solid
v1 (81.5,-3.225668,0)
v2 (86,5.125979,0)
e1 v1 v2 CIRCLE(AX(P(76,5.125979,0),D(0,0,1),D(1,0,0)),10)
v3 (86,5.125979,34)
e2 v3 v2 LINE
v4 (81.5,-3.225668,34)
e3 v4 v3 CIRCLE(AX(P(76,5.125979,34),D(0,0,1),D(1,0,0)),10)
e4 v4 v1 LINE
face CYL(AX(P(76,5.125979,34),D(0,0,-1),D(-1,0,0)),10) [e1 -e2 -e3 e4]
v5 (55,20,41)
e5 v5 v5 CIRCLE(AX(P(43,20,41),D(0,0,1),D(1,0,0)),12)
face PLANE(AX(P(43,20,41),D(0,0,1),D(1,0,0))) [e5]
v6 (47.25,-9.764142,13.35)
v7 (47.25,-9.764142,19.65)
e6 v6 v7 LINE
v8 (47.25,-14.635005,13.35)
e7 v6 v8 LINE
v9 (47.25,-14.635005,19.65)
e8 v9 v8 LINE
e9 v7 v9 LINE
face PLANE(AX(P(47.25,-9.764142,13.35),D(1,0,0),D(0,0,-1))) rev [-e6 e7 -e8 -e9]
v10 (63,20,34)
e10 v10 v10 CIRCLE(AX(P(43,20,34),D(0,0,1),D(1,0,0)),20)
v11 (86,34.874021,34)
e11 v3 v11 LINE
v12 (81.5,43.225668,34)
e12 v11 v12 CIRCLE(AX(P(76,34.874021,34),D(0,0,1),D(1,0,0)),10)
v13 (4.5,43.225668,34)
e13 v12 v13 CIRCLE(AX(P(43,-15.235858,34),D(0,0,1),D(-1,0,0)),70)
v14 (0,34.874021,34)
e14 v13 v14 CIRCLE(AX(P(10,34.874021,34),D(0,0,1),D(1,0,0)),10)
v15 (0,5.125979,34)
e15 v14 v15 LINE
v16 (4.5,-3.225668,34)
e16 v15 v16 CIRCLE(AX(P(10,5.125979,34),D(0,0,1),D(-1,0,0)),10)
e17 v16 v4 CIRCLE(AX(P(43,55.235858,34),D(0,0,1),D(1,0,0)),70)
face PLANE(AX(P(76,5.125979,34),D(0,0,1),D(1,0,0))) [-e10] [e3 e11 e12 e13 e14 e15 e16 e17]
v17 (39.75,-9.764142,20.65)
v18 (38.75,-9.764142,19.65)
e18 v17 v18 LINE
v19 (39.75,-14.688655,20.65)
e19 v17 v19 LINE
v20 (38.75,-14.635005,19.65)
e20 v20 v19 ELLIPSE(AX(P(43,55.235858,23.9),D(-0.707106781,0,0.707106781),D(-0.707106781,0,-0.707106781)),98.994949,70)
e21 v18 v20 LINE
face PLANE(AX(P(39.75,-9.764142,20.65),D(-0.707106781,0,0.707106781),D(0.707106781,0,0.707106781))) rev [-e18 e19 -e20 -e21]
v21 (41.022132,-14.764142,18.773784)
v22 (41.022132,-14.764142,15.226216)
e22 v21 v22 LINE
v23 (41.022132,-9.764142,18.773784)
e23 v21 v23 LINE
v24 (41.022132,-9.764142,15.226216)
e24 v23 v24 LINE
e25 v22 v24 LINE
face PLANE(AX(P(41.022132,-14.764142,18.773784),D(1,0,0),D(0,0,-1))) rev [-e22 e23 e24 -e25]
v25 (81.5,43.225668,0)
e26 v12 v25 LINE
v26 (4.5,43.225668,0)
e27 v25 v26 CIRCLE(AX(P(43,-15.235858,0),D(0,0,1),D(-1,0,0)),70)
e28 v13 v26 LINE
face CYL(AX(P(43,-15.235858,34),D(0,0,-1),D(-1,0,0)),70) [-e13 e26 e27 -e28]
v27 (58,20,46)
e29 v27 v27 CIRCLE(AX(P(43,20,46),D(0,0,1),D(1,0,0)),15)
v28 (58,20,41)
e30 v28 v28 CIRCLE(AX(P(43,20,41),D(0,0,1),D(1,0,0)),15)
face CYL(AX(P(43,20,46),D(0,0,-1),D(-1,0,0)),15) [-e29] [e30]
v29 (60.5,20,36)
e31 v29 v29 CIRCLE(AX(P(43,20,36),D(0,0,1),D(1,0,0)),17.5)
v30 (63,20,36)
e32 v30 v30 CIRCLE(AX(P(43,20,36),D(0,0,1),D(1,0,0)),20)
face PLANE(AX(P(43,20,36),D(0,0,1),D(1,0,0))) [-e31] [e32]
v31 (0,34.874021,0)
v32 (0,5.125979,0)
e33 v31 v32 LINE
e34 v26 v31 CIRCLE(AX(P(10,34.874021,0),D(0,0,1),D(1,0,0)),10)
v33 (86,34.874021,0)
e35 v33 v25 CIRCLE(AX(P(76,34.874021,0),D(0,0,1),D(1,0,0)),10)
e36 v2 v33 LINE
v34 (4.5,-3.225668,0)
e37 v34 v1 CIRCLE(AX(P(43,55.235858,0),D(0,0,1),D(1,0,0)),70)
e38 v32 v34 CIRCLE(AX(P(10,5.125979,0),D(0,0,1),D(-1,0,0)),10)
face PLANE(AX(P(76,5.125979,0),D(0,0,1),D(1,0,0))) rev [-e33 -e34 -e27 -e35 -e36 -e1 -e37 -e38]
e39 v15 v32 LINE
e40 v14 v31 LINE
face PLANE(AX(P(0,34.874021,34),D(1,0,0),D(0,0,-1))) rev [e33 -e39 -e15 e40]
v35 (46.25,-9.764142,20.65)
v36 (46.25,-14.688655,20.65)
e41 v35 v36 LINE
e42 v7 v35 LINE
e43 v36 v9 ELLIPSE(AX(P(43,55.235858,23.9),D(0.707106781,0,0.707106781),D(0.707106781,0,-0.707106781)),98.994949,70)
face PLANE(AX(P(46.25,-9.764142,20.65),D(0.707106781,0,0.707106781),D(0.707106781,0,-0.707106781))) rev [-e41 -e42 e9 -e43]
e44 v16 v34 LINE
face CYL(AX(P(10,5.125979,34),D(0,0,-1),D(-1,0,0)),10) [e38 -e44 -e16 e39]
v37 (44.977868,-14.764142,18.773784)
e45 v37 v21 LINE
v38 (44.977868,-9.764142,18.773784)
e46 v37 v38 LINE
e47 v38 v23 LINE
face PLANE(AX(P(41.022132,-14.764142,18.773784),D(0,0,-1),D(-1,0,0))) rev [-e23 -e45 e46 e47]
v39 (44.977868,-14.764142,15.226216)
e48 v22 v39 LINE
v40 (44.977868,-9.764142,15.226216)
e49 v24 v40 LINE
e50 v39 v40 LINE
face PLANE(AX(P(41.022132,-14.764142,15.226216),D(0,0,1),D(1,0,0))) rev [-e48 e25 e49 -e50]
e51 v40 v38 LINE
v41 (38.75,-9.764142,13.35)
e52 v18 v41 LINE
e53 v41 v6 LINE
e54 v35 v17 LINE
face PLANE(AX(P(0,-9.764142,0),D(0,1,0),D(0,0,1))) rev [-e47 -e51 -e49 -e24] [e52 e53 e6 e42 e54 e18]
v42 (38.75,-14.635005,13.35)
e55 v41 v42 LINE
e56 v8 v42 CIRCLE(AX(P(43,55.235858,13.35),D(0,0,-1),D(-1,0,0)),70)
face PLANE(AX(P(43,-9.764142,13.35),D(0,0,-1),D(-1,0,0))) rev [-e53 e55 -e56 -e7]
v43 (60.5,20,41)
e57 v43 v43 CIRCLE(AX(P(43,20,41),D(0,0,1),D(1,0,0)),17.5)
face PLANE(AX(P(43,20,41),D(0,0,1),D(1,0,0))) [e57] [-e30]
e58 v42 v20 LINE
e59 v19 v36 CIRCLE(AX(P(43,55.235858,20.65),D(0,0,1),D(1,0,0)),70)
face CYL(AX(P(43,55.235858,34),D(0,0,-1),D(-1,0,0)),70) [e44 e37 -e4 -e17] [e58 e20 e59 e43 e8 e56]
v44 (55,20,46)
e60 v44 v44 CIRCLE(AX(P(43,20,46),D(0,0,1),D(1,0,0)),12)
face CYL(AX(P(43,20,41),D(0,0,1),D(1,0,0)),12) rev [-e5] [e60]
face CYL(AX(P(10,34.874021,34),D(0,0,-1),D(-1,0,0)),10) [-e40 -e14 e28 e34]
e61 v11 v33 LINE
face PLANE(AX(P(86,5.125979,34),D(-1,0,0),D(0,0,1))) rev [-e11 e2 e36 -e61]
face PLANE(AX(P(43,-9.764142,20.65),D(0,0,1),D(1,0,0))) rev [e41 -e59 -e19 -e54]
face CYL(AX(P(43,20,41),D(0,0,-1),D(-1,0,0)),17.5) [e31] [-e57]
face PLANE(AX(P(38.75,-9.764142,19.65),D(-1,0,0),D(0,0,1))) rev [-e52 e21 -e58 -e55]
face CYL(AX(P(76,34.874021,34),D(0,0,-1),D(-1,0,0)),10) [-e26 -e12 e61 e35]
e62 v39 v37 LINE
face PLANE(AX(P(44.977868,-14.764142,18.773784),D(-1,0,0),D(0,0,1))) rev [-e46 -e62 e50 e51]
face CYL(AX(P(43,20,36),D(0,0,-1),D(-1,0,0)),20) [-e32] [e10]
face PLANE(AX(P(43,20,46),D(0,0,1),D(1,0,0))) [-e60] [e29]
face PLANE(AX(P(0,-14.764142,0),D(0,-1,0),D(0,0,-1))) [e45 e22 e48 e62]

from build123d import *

# Parameters (mm, degrees)
BOSS_EXTRUDE1_DEPTH = 34
SKETCH2_R           = 20
BOSS_EXTRUDE2_DEPTH = 2
SKETCH3_R           = 17.5
BOSS_EXTRUDE3_DEPTH = 5
SKETCH4_R           = 15
BOSS_EXTRUDE4_DEPTH = 5
SKETCH5_R           = 12
CUT_EXTRUDE1_DEPTH  = 5
CUT_EXTRUDE2_DEPTH  = 5
SKETCH10_W          = 3.955735376
SKETCH10_H          = 3.547567536
BOSS_EXTRUDE5_DEPTH = 5


with BuildPart() as part:
    # Sketch1 → Boss-Extrude1 (new body)
    with BuildSketch(Plane.XY):
        with BuildLine():
            Line((86, 5.125978653), (86, 34.874021347))
            ThreePointArc((86, 34.874021347), (84.803408431, 39.617437837), (81.5, 43.225667891))
            ThreePointArc((81.5, 43.225667891), (43, 54.764142081), (4.5, 43.225667891))
            ThreePointArc((4.5, 43.225667891), (1.196591569, 39.617437837), (0, 34.874021347))
            Line((0, 34.874021347), (0, 5.125978653))
            ThreePointArc((0, 5.125978653), (1.196591569, 0.382562163), (4.5, -3.225667891))
            ThreePointArc((4.5, -3.225667891), (43, -14.764142081), (81.5, -3.225667891))
            ThreePointArc((81.5, -3.225667891), (84.803408431, 0.382562163), (86, 5.125978653))
        make_face()
    extrude(amount=BOSS_EXTRUDE1_DEPTH)

    # Sketch2 → Boss-Extrude2 (add)
    with BuildSketch(Plane.XY.offset(34)):
        with Locations((43, 20)):
            Circle(SKETCH2_R)
    extrude(amount=BOSS_EXTRUDE2_DEPTH)

    # Sketch3 → Boss-Extrude3 (add)
    with BuildSketch(Plane.XY.offset(36)):
        with Locations((43, 20)):
            Circle(SKETCH3_R)
    extrude(amount=BOSS_EXTRUDE3_DEPTH)

    # Sketch4 → Boss-Extrude4 (add)
    with BuildSketch(Plane.XY.offset(41)):
        with Locations((43, 20)):
            Circle(SKETCH4_R)
    extrude(amount=BOSS_EXTRUDE4_DEPTH)

    # Sketch5 → Cut-Extrude1 (cut)
    with BuildSketch(Plane.XY.offset(46)):
        with Locations((43, 20)):
            Circle(SKETCH5_R)
    extrude(amount=-CUT_EXTRUDE1_DEPTH, mode=Mode.SUBTRACT)

    # Sketch9 → Cut-Extrude2 (cut)
    with BuildSketch(Plane(origin=(0, -14.764142081, 0), x_dir=(-1, 0, 0), z_dir=(0, -1, 0))):
        Polygon((-43, -13.35), (-47.25, -13.35), (-47.25, -19.65), (-46.25, -20.65), (-43, -20.65), (-39.75, -20.65), (-38.75, -19.65), (-38.75, -13.35), align=None)
    extrude(amount=-CUT_EXTRUDE2_DEPTH, mode=Mode.SUBTRACT)

    # Sketch10 → Boss-Extrude5 (add)
    with BuildSketch(Plane(origin=(0, -9.764142081, 0), x_dir=(-1, 0, 0), z_dir=(0, -1, 0))):
        with Locations((-43, -17)):
            Rectangle(SKETCH10_W, SKETCH10_H)
    extrude(amount=BOSS_EXTRUDE5_DEPTH)


solid = part.part
